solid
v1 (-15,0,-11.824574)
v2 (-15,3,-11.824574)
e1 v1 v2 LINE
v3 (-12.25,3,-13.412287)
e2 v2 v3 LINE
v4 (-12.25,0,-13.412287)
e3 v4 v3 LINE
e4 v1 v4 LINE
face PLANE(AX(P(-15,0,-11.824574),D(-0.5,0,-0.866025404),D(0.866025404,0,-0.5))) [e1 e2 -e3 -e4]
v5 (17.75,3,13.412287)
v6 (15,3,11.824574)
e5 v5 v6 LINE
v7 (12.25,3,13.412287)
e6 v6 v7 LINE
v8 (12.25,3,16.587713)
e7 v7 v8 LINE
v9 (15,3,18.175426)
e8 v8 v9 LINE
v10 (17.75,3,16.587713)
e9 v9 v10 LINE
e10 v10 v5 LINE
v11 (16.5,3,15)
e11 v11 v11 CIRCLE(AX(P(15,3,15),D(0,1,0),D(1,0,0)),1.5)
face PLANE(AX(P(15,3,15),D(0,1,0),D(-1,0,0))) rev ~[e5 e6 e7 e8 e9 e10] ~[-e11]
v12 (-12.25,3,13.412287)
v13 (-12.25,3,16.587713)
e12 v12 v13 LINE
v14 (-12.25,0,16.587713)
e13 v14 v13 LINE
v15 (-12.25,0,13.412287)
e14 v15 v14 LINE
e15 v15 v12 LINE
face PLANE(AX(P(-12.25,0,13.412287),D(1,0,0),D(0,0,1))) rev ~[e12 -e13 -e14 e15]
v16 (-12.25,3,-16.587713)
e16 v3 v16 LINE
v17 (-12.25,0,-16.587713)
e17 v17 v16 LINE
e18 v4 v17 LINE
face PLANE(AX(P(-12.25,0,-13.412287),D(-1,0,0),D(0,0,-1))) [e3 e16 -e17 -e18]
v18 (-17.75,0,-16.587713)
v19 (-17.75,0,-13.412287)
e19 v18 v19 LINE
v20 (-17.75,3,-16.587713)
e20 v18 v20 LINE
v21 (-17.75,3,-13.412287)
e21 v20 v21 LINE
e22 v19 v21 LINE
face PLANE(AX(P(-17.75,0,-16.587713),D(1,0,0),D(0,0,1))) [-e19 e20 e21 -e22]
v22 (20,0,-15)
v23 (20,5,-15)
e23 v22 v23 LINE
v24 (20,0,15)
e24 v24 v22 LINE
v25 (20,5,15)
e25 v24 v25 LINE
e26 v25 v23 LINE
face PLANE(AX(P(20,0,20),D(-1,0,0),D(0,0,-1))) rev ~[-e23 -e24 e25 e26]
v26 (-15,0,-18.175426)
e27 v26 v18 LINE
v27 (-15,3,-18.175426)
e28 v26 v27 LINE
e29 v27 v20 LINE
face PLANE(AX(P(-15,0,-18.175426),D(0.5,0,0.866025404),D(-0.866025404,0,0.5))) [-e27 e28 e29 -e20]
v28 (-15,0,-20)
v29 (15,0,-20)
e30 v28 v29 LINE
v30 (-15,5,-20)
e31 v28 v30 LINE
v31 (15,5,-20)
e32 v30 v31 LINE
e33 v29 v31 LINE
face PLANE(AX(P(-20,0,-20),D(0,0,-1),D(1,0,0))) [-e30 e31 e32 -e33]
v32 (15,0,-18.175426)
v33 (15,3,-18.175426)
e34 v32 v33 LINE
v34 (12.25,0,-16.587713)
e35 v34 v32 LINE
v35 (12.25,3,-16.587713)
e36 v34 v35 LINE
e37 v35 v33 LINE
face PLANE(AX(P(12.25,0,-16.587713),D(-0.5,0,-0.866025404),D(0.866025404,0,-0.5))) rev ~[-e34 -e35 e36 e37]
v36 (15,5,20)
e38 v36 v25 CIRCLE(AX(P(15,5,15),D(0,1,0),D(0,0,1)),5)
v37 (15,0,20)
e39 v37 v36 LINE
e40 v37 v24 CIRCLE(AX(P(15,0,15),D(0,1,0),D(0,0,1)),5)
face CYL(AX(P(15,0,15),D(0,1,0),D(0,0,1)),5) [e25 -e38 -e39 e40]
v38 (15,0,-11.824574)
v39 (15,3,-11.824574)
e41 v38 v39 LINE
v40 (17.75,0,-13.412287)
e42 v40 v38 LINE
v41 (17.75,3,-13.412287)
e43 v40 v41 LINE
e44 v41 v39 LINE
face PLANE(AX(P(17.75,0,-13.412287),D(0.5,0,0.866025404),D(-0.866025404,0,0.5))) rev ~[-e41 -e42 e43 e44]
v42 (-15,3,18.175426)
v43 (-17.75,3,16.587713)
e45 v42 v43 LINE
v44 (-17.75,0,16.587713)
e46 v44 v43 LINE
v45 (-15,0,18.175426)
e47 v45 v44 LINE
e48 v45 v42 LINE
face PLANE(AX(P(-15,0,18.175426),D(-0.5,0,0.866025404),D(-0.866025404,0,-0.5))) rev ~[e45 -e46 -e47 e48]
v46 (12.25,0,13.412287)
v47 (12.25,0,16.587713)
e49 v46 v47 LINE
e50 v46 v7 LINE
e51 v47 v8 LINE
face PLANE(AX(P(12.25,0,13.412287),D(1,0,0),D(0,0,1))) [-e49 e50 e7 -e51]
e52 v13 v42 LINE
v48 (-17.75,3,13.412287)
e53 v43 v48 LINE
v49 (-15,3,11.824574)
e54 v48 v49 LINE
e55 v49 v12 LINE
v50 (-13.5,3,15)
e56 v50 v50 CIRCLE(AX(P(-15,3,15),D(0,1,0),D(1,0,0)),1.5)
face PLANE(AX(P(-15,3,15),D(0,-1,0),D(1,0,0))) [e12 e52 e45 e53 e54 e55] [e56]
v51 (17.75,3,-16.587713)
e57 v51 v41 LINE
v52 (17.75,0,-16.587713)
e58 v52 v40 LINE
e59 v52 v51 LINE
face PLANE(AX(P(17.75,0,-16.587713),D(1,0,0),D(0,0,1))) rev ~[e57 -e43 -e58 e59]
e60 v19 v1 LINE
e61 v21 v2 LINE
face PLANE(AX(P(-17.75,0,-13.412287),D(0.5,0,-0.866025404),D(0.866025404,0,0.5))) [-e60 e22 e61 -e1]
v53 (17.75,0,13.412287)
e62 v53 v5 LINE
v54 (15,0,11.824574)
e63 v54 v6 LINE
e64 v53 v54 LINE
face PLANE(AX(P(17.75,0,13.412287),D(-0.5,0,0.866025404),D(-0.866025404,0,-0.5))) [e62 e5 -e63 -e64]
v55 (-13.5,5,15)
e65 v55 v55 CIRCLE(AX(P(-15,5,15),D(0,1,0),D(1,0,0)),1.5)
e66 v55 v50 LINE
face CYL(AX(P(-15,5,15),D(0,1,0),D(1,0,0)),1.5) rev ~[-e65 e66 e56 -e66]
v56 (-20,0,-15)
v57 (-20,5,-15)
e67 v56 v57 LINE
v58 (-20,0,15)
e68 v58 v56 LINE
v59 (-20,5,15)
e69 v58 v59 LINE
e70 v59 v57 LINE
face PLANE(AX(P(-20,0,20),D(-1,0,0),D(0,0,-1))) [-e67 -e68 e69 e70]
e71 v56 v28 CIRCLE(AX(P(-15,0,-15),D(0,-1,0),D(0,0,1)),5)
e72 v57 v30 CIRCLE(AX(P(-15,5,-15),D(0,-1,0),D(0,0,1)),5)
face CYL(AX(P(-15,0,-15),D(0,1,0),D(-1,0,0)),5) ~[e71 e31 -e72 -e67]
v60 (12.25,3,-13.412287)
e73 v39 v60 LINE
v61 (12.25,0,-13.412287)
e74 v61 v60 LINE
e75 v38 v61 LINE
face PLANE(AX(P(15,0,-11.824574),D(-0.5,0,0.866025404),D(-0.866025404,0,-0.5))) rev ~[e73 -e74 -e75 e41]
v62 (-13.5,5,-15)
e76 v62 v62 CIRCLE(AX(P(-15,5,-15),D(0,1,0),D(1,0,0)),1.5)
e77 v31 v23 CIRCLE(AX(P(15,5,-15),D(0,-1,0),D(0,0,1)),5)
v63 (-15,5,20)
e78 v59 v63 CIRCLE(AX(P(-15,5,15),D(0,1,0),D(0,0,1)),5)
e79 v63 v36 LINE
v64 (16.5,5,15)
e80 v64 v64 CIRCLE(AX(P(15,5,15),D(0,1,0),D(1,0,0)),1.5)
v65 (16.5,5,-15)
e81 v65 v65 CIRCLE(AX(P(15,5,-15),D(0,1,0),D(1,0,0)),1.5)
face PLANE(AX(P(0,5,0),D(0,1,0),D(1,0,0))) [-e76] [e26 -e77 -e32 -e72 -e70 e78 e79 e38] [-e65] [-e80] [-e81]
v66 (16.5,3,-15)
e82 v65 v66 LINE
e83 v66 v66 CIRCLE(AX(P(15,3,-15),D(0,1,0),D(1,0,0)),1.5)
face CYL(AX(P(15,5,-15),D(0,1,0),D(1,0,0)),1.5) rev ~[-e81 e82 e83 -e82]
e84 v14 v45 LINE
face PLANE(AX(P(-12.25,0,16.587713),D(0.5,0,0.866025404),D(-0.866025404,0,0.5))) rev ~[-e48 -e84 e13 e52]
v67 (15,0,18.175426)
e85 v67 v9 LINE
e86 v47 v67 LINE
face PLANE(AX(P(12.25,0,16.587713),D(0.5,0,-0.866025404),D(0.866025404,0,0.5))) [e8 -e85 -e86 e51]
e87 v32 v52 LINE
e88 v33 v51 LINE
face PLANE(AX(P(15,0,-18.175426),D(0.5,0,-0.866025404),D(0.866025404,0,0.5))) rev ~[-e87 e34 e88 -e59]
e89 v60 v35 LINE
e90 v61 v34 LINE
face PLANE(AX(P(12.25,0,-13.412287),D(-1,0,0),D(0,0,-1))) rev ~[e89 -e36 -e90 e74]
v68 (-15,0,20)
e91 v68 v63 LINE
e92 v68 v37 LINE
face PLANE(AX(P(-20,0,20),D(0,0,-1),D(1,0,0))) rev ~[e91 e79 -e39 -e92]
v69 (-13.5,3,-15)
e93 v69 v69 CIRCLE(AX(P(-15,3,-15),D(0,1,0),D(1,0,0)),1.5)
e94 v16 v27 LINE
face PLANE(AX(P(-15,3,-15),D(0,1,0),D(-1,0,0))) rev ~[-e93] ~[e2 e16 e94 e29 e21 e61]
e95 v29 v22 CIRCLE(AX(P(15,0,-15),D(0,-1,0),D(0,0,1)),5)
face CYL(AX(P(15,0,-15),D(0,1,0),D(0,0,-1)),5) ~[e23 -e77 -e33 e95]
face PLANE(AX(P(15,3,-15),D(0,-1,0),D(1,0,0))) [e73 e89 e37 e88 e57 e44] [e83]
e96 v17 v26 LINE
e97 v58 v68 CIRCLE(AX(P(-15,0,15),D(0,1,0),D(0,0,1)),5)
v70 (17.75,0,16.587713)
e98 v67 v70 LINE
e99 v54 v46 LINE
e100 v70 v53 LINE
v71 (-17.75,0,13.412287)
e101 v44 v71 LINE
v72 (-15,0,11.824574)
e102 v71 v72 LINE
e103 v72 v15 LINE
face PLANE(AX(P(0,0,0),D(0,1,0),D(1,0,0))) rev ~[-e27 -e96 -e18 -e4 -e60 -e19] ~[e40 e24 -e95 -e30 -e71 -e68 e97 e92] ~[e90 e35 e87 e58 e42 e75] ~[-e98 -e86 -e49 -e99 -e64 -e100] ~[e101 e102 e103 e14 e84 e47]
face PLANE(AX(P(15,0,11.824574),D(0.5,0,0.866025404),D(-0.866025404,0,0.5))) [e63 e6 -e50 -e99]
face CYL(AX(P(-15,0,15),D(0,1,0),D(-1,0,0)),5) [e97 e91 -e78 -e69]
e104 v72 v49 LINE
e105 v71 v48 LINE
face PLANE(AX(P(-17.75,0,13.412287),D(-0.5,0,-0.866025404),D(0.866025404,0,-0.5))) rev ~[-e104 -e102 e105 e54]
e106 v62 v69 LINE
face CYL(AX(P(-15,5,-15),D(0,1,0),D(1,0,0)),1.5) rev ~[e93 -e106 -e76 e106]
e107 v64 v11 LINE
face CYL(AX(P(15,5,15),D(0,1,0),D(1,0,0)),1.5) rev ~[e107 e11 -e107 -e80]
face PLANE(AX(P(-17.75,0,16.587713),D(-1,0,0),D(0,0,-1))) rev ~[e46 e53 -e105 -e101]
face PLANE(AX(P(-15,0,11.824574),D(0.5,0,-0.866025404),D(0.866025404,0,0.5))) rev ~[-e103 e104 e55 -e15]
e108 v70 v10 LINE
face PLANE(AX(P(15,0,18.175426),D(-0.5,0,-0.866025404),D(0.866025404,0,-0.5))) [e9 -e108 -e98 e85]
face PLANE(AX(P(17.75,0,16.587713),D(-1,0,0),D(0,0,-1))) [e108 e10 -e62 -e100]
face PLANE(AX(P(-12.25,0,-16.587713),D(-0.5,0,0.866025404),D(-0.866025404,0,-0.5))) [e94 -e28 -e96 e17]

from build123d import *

# Parameters (mm, degrees)
SKETCH_1_W          = 40
SKETCH_1_H          = 40
EXTRUDE_1_DEPTH     = 5
SKETCH_2_R          = 1.5
CUT_EXTRUDE_1_DEPTH = 10
FILLET_1_R          = 5
CUT_EXTRUDE_3_DEPTH = 3


with BuildPart() as part:
    # 草图1 → 凸台-拉伸1 (new body)
    with BuildSketch(Plane(origin=(0, 0, 0), x_dir=(1, 0, 0), z_dir=(0, 1, 0))):
        Rectangle(SKETCH_1_W, SKETCH_1_H)
    extrude(amount=EXTRUDE_1_DEPTH)

    # 草图2 → 切除-拉伸1 (cut)
    with BuildSketch(Plane(origin=(0, 5, 0), x_dir=(1, 0, 0), z_dir=(0, 1, 0))):
        with Locations((-15, 15)):
            Circle(SKETCH_2_R)
        with Locations((15, 15)):
            Circle(SKETCH_2_R)
        with Locations((15, -15)):
            Circle(SKETCH_2_R)
        with Locations((-15, -15)):
            Circle(SKETCH_2_R)
    extrude(amount=-CUT_EXTRUDE_1_DEPTH, mode=Mode.SUBTRACT)

    # 圆角1
    fillet_1_edges = [part.edges().sort_by_distance(p)[0] for p in [
        (20, 2.5, 20),
        (-20, 2.5, 20),
        (-20, 2.5, -20),
        (20, 2.5, -20),
    ]]
    fillet(fillet_1_edges, radius=FILLET_1_R)

    # 草图4 → 切除-拉伸3 (cut)
    with BuildSketch(Plane.XZ):
        Polygon((12.25, 16.58771324), (15, 18.175426481), (17.75, 16.58771324), (17.75, 13.41228676), (15, 11.824573519), (12.25, 13.41228676), align=None)
        Polygon((-15, 18.175426481), (-17.75, 16.58771324), (-17.75, 13.41228676), (-15, 11.824573519), (-12.25, 13.41228676), (-12.25, 16.58771324), align=None)
        Polygon((12.25, -13.41228676), (12.25, -16.58771324), (15, -18.175426481), (17.75, -16.58771324), (17.75, -13.41228676), (15, -11.824573519), align=None)
        Polygon((-12.25, -16.58771324), (-15, -18.175426481), (-17.75, -16.58771324), (-17.75, -13.41228676), (-15, -11.824573519), (-12.25, -13.41228676), align=None)
    extrude(amount=-CUT_EXTRUDE_3_DEPTH, mode=Mode.SUBTRACT)


solid = part.part
